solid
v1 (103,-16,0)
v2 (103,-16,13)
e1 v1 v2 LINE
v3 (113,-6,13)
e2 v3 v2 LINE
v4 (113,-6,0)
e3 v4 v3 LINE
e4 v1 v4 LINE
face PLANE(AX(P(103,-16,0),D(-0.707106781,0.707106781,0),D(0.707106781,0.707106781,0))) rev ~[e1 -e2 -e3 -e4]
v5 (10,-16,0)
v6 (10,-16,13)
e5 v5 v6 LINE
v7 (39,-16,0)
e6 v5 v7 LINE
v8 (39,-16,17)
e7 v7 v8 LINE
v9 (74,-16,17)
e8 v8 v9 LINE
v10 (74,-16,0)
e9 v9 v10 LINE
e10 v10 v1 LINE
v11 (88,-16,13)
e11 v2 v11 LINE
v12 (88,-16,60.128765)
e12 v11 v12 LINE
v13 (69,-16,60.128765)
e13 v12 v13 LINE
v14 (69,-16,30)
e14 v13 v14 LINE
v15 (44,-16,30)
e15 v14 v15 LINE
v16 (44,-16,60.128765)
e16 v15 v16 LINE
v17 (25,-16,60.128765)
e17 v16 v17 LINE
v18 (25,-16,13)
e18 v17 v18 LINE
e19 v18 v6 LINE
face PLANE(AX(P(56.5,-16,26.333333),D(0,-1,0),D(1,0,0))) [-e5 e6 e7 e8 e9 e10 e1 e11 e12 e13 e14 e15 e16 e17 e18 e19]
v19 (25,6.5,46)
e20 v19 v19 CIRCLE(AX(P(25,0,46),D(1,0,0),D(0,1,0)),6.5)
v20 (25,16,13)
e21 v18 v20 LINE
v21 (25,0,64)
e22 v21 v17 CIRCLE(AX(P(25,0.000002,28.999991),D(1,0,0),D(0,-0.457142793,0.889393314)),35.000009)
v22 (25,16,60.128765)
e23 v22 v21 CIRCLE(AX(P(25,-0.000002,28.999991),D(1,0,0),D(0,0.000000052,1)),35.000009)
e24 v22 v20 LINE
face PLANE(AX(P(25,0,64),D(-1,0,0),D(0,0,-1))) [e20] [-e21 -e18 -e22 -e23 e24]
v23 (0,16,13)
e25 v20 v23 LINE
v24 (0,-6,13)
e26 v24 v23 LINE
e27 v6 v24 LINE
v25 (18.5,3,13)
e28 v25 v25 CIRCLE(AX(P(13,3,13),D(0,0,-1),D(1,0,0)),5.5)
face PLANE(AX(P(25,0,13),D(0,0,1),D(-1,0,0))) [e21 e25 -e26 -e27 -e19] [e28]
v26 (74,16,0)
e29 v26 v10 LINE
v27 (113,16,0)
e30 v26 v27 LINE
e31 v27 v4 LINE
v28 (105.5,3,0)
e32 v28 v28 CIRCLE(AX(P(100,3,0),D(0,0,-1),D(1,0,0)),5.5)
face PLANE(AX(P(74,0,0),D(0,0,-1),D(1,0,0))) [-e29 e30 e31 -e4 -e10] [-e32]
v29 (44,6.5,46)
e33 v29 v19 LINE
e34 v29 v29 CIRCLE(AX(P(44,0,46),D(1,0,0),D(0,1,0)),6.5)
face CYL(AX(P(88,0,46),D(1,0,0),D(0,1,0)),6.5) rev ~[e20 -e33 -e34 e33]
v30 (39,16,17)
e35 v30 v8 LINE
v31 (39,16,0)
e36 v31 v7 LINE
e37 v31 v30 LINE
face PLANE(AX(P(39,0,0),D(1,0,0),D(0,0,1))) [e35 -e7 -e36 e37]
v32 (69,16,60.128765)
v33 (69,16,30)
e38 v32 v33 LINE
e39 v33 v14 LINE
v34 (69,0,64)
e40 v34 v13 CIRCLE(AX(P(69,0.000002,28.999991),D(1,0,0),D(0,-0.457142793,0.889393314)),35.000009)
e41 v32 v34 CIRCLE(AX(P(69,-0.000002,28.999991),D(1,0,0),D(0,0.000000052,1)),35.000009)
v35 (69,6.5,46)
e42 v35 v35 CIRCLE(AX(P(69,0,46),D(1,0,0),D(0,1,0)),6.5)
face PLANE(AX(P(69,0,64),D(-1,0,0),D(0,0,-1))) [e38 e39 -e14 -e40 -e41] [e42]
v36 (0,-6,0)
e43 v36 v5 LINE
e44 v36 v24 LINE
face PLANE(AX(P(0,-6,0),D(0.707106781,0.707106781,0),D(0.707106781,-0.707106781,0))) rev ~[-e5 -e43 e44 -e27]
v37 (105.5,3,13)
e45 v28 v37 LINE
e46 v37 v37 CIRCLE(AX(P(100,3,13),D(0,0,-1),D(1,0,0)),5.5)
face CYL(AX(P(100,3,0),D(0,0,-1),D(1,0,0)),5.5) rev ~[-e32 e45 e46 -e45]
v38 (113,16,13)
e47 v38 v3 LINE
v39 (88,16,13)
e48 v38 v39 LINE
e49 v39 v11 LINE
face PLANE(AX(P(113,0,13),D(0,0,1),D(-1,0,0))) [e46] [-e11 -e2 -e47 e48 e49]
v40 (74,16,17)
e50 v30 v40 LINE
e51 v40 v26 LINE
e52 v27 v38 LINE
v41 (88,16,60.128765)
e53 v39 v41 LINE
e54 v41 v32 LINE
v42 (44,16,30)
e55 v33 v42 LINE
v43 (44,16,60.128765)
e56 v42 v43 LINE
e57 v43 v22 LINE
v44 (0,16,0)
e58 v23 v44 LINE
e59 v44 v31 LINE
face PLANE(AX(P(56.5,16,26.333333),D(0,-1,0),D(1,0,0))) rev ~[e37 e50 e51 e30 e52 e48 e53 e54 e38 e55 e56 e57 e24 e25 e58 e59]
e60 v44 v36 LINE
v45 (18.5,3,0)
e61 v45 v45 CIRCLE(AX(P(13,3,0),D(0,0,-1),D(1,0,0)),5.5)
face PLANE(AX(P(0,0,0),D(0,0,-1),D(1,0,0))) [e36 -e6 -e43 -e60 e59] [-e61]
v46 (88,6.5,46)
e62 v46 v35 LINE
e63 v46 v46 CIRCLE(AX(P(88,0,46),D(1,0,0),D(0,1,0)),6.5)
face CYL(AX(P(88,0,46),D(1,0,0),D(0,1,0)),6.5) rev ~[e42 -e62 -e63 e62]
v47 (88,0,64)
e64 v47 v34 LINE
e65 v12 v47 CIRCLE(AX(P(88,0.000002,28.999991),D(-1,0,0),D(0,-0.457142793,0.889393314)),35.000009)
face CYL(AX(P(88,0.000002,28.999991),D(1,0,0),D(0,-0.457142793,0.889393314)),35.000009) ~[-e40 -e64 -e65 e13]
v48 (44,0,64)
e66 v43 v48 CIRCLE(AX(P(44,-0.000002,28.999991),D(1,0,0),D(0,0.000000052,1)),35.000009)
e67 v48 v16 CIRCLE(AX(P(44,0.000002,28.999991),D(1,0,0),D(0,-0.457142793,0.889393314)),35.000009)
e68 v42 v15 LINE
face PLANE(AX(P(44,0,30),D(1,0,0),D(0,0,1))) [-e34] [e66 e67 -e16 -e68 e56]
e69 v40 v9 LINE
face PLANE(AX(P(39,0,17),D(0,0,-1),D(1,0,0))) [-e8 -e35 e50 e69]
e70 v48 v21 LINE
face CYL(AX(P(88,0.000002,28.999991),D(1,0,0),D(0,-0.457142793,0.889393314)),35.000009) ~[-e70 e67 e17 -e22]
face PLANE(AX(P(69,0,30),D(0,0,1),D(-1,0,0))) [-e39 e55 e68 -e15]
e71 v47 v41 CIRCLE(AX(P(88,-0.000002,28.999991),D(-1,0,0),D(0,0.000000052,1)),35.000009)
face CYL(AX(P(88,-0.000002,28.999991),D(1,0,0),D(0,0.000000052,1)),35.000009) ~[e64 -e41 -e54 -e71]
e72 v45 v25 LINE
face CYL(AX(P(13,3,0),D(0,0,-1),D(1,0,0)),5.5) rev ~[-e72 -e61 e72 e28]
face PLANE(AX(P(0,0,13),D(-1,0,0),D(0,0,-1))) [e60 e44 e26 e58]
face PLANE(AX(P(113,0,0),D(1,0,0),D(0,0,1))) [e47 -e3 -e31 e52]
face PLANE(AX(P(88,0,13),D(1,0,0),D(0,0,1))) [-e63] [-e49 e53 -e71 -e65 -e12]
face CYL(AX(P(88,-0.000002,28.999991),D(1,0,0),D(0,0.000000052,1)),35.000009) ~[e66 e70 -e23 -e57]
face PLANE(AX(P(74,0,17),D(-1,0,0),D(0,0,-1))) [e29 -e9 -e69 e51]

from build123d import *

# Parameters (mm, degrees)
F1_DEPTH = 16
F2_R     = 6.5
F3_DEPTH = 80
F5_DEPTH = 80
F6_R     = 5.5
F7_DEPTH = 25


with BuildPart() as f1:
    # F0 (on Front) → F1 (new body, symmetric)
    with BuildSketch(Plane.XZ):
        Polygon((0, 13), (0, 0), (39, 0), (39, 17), (74, 17), (74, 0), (113, 0), (113, 13), (88, 13), (88, 64), (69, 64), (69, 30), (44, 30), (44, 64), (25, 64), (25, 13), align=None)
    extrude(amount=F1_DEPTH, both=True)

    # F2 (on face) → F3 (cut)
    with BuildSketch(Plane.YZ.offset(88)):
        with Locations((0, 46)):
            Circle(F2_R)
    extrude(amount=-F3_DEPTH, mode=Mode.SUBTRACT)

    # F4 (on face) → F5 (cut)
    with BuildSketch(Plane.YZ.offset(88)):
        with BuildLine():
            Line((-16, 64), (-16, 60.128765))
            ThreePointArc((-16, 60.128765), (-8.230833, 63.018427), (0, 64))
            Line((0, 64), (-16, 64))
        make_face()
        with BuildLine():
            Line((16, 64), (0, 64))
            ThreePointArc((0, 64), (8.230833, 63.018427), (16, 60.128765))
            Line((16, 60.128765), (16, 64))
        make_face()
    extrude(amount=-F5_DEPTH, mode=Mode.SUBTRACT)

    # F6 (on face) → F7 (cut)
    with BuildSketch(Plane(origin=(0, 0, 0), x_dir=(1, 0, 0), z_dir=(0, 0, -1))):
        Polygon((10, 16), (0, 16), (0, 6), align=None)
        with Locations((13, -3)):
            Circle(F6_R)
        with Locations((100, -3)):
            Circle(F6_R)
        Polygon((113, 6), (113, 16), (103, 16), align=None)
    extrude(amount=-F7_DEPTH, mode=Mode.SUBTRACT)


solid = f1.part
